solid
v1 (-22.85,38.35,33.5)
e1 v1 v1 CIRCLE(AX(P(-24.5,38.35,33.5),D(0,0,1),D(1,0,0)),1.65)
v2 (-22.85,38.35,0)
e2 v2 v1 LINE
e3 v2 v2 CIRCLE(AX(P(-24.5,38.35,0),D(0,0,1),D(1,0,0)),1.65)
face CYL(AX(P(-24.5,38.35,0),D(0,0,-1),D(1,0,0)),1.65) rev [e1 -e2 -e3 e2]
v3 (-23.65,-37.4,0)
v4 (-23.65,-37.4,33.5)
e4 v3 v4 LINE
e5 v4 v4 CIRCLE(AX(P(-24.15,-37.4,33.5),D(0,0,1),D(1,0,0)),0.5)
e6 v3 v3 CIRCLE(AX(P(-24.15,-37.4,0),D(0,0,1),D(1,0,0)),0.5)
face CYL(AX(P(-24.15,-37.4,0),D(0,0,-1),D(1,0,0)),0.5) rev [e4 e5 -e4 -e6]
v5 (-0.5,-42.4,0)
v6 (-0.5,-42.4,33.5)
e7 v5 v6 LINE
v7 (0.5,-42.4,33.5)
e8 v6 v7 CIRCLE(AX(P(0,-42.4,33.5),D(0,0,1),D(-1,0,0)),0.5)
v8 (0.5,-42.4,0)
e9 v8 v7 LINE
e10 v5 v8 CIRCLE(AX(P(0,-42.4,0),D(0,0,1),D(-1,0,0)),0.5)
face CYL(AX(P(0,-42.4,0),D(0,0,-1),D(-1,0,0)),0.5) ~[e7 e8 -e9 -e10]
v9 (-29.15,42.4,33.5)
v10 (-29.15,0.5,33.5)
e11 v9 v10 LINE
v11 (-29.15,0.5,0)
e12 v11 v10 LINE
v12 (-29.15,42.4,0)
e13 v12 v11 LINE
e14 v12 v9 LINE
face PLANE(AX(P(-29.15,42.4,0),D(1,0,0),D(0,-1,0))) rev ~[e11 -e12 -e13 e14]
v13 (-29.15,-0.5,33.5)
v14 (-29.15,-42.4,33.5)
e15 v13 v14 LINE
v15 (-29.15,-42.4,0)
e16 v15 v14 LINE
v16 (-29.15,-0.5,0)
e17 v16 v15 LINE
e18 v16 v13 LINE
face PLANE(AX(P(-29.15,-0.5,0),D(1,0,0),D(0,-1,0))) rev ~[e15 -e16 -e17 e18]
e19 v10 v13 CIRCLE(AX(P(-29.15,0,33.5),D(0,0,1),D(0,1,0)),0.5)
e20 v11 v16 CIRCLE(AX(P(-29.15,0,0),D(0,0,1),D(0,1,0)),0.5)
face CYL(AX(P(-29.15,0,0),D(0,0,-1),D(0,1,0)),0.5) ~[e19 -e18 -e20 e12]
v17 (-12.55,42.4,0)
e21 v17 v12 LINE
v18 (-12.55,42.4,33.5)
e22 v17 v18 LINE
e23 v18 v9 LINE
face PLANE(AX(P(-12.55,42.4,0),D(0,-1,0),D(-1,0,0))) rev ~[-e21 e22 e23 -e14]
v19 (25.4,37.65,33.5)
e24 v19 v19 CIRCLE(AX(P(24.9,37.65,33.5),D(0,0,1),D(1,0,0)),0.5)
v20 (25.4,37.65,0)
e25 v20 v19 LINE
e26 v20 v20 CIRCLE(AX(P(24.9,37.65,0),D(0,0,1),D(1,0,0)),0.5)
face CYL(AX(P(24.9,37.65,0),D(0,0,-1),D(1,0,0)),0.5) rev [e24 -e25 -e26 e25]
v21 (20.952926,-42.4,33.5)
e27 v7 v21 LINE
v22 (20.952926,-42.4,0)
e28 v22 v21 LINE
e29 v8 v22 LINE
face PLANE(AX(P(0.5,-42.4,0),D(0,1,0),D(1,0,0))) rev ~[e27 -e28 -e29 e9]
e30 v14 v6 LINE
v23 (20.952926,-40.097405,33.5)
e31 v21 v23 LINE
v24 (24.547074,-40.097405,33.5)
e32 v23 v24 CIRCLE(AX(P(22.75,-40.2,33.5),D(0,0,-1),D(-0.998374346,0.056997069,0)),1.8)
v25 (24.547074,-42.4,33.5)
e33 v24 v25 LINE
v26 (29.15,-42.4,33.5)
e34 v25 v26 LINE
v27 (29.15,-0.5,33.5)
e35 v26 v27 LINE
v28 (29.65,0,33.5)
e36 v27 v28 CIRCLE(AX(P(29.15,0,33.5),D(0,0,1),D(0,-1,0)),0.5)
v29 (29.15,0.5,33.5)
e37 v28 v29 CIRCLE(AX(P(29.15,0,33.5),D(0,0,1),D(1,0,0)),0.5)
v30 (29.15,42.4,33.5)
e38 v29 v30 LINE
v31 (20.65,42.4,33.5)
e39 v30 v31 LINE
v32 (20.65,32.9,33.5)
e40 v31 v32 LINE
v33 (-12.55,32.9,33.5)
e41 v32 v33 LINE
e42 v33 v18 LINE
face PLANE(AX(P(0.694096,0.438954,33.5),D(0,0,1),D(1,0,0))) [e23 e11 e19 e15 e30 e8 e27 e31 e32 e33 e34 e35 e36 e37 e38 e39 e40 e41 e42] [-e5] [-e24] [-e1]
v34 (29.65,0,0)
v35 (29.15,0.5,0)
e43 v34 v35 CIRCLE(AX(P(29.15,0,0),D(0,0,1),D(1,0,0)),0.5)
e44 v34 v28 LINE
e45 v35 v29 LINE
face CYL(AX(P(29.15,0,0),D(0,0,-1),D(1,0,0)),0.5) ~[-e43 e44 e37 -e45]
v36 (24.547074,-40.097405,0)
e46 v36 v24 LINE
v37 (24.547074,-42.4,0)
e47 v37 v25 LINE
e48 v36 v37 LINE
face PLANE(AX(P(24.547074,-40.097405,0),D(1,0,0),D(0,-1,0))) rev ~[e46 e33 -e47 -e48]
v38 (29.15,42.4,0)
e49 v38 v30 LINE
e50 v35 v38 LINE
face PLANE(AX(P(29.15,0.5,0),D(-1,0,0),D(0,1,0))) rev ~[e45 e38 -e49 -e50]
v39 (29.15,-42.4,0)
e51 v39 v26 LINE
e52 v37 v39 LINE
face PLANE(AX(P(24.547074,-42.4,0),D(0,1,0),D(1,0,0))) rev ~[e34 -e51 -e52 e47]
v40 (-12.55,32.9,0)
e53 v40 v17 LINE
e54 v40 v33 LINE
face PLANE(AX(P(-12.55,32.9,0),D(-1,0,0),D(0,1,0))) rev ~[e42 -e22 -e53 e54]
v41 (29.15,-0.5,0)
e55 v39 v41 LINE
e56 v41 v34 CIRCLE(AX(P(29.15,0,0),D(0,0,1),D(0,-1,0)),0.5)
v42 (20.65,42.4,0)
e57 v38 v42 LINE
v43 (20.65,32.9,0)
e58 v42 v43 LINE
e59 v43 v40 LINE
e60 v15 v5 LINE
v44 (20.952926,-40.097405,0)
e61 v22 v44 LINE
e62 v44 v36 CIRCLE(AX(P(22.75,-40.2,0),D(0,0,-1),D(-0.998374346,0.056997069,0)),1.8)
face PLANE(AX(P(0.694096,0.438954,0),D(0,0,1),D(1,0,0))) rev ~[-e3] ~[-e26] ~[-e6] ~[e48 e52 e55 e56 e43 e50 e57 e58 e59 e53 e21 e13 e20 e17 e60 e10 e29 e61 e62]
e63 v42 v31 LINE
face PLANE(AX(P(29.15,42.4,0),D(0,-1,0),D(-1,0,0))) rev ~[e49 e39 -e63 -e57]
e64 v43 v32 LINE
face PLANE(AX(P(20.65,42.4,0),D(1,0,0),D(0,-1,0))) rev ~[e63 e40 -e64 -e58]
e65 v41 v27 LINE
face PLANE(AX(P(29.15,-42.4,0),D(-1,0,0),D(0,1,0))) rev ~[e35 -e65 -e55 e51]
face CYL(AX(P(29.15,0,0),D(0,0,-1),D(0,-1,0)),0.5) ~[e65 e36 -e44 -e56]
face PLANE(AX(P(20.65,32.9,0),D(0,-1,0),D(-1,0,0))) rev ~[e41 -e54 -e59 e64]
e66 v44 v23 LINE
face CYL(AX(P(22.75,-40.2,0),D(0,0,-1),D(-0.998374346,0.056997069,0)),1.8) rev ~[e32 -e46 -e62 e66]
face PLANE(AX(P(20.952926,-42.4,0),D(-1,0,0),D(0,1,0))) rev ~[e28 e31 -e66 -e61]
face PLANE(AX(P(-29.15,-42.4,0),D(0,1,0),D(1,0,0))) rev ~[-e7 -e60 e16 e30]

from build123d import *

# Parameters (mm, degrees)
F0_R     = 0.5
F0_R_2   = 1.65
F1_DEPTH = 33.5


with BuildPart() as f1:
    # F0 (on Top) → F1 (new body)
    with BuildSketch(Plane.XY):
        with BuildLine():
            Line((-12.55, 42.4), (-29.15, 42.4))
            Line((-29.15, 42.4), (-29.15, 0.5))
            ThreePointArc((-29.15, 0.5), (-28.7964466094, 0.3535533906), (-28.65, 0))
            ThreePointArc((-28.65, 0), (-28.7964466094, -0.3535533906), (-29.15, -0.5))
            Line((-29.15, -0.5), (-29.15, -42.4))
            Line((-29.15, -42.4), (-0.5, -42.4))
            ThreePointArc((-0.5, -42.4), (0, -41.9), (0.5, -42.4))
            Line((0.5, -42.4), (20.9529261778, -42.4))
            Line((20.9529261778, -42.4), (20.9529261778, -40.0974052754))
            ThreePointArc((20.9529261778, -40.0974052754), (22.75, -38.4), (24.5470738222, -40.0974052754))
            Line((24.5470738222, -40.0974052754), (24.5470738222, -42.4))
            Line((24.5470738222, -42.4), (29.15, -42.4))
            Line((29.15, -42.4), (29.15, -0.5))
            ThreePointArc((29.15, -0.5), (28.65, 0), (29.15, 0.5))
            Line((29.15, 0.5), (29.15, 42.4))
            Line((29.15, 42.4), (20.65, 42.4))
            Line((20.65, 42.4), (20.65, 32.9))
            Line((20.65, 32.9), (-12.55, 32.9))
            Line((-12.55, 32.9), (-12.55, 42.2510281205))
            Line((-12.55, 42.2510281205), (-12.55, 42.4))
        make_face()
        with Locations((-24.15, -37.4)):
            Circle(F0_R, mode=Mode.SUBTRACT)
        with Locations((-24.5, 38.35)):
            Circle(F0_R_2, mode=Mode.SUBTRACT)
        with Locations((24.9, 37.65)):
            Circle(F0_R, mode=Mode.SUBTRACT)
        with BuildLine():
            ThreePointArc((-28.65, 0), (-28.7964466094, 0.3535533906), (-29.15, 0.5))
            Line((-29.15, 0.5), (-29.15, -0.5))
            ThreePointArc((-29.15, -0.5), (-28.7964466094, -0.3535533906), (-28.65, 0))
        make_face()
        with BuildLine():
            Line((-29.15, -0.5), (-29.15, 0.5))
            ThreePointArc((-29.15, 0.5), (-29.65, 0), (-29.15, -0.5))
        make_face()
        with BuildLine():
            ThreePointArc((0.5, -42.4), (0, -41.9), (-0.5, -42.4))
            Line((-0.5, -42.4), (0.5, -42.4))
        make_face()
        with BuildLine():
            Line((0.5, -42.4), (-0.5, -42.4))
            ThreePointArc((-0.5, -42.4), (0, -42.9), (0.5, -42.4))
        make_face()
        with BuildLine():
            ThreePointArc((29.65, 0), (29.5035533906, 0.3535533906), (29.15, 0.5))
            Line((29.15, 0.5), (29.15, -0.5))
            ThreePointArc((29.15, -0.5), (29.5035533906, -0.3535533906), (29.65, 0))
        make_face()
        with BuildLine():
            Line((29.15, -0.5), (29.15, 0.5))
            ThreePointArc((29.15, 0.5), (28.65, 0), (29.15, -0.5))
        make_face()
    extrude(amount=F1_DEPTH)


solid = f1.part
